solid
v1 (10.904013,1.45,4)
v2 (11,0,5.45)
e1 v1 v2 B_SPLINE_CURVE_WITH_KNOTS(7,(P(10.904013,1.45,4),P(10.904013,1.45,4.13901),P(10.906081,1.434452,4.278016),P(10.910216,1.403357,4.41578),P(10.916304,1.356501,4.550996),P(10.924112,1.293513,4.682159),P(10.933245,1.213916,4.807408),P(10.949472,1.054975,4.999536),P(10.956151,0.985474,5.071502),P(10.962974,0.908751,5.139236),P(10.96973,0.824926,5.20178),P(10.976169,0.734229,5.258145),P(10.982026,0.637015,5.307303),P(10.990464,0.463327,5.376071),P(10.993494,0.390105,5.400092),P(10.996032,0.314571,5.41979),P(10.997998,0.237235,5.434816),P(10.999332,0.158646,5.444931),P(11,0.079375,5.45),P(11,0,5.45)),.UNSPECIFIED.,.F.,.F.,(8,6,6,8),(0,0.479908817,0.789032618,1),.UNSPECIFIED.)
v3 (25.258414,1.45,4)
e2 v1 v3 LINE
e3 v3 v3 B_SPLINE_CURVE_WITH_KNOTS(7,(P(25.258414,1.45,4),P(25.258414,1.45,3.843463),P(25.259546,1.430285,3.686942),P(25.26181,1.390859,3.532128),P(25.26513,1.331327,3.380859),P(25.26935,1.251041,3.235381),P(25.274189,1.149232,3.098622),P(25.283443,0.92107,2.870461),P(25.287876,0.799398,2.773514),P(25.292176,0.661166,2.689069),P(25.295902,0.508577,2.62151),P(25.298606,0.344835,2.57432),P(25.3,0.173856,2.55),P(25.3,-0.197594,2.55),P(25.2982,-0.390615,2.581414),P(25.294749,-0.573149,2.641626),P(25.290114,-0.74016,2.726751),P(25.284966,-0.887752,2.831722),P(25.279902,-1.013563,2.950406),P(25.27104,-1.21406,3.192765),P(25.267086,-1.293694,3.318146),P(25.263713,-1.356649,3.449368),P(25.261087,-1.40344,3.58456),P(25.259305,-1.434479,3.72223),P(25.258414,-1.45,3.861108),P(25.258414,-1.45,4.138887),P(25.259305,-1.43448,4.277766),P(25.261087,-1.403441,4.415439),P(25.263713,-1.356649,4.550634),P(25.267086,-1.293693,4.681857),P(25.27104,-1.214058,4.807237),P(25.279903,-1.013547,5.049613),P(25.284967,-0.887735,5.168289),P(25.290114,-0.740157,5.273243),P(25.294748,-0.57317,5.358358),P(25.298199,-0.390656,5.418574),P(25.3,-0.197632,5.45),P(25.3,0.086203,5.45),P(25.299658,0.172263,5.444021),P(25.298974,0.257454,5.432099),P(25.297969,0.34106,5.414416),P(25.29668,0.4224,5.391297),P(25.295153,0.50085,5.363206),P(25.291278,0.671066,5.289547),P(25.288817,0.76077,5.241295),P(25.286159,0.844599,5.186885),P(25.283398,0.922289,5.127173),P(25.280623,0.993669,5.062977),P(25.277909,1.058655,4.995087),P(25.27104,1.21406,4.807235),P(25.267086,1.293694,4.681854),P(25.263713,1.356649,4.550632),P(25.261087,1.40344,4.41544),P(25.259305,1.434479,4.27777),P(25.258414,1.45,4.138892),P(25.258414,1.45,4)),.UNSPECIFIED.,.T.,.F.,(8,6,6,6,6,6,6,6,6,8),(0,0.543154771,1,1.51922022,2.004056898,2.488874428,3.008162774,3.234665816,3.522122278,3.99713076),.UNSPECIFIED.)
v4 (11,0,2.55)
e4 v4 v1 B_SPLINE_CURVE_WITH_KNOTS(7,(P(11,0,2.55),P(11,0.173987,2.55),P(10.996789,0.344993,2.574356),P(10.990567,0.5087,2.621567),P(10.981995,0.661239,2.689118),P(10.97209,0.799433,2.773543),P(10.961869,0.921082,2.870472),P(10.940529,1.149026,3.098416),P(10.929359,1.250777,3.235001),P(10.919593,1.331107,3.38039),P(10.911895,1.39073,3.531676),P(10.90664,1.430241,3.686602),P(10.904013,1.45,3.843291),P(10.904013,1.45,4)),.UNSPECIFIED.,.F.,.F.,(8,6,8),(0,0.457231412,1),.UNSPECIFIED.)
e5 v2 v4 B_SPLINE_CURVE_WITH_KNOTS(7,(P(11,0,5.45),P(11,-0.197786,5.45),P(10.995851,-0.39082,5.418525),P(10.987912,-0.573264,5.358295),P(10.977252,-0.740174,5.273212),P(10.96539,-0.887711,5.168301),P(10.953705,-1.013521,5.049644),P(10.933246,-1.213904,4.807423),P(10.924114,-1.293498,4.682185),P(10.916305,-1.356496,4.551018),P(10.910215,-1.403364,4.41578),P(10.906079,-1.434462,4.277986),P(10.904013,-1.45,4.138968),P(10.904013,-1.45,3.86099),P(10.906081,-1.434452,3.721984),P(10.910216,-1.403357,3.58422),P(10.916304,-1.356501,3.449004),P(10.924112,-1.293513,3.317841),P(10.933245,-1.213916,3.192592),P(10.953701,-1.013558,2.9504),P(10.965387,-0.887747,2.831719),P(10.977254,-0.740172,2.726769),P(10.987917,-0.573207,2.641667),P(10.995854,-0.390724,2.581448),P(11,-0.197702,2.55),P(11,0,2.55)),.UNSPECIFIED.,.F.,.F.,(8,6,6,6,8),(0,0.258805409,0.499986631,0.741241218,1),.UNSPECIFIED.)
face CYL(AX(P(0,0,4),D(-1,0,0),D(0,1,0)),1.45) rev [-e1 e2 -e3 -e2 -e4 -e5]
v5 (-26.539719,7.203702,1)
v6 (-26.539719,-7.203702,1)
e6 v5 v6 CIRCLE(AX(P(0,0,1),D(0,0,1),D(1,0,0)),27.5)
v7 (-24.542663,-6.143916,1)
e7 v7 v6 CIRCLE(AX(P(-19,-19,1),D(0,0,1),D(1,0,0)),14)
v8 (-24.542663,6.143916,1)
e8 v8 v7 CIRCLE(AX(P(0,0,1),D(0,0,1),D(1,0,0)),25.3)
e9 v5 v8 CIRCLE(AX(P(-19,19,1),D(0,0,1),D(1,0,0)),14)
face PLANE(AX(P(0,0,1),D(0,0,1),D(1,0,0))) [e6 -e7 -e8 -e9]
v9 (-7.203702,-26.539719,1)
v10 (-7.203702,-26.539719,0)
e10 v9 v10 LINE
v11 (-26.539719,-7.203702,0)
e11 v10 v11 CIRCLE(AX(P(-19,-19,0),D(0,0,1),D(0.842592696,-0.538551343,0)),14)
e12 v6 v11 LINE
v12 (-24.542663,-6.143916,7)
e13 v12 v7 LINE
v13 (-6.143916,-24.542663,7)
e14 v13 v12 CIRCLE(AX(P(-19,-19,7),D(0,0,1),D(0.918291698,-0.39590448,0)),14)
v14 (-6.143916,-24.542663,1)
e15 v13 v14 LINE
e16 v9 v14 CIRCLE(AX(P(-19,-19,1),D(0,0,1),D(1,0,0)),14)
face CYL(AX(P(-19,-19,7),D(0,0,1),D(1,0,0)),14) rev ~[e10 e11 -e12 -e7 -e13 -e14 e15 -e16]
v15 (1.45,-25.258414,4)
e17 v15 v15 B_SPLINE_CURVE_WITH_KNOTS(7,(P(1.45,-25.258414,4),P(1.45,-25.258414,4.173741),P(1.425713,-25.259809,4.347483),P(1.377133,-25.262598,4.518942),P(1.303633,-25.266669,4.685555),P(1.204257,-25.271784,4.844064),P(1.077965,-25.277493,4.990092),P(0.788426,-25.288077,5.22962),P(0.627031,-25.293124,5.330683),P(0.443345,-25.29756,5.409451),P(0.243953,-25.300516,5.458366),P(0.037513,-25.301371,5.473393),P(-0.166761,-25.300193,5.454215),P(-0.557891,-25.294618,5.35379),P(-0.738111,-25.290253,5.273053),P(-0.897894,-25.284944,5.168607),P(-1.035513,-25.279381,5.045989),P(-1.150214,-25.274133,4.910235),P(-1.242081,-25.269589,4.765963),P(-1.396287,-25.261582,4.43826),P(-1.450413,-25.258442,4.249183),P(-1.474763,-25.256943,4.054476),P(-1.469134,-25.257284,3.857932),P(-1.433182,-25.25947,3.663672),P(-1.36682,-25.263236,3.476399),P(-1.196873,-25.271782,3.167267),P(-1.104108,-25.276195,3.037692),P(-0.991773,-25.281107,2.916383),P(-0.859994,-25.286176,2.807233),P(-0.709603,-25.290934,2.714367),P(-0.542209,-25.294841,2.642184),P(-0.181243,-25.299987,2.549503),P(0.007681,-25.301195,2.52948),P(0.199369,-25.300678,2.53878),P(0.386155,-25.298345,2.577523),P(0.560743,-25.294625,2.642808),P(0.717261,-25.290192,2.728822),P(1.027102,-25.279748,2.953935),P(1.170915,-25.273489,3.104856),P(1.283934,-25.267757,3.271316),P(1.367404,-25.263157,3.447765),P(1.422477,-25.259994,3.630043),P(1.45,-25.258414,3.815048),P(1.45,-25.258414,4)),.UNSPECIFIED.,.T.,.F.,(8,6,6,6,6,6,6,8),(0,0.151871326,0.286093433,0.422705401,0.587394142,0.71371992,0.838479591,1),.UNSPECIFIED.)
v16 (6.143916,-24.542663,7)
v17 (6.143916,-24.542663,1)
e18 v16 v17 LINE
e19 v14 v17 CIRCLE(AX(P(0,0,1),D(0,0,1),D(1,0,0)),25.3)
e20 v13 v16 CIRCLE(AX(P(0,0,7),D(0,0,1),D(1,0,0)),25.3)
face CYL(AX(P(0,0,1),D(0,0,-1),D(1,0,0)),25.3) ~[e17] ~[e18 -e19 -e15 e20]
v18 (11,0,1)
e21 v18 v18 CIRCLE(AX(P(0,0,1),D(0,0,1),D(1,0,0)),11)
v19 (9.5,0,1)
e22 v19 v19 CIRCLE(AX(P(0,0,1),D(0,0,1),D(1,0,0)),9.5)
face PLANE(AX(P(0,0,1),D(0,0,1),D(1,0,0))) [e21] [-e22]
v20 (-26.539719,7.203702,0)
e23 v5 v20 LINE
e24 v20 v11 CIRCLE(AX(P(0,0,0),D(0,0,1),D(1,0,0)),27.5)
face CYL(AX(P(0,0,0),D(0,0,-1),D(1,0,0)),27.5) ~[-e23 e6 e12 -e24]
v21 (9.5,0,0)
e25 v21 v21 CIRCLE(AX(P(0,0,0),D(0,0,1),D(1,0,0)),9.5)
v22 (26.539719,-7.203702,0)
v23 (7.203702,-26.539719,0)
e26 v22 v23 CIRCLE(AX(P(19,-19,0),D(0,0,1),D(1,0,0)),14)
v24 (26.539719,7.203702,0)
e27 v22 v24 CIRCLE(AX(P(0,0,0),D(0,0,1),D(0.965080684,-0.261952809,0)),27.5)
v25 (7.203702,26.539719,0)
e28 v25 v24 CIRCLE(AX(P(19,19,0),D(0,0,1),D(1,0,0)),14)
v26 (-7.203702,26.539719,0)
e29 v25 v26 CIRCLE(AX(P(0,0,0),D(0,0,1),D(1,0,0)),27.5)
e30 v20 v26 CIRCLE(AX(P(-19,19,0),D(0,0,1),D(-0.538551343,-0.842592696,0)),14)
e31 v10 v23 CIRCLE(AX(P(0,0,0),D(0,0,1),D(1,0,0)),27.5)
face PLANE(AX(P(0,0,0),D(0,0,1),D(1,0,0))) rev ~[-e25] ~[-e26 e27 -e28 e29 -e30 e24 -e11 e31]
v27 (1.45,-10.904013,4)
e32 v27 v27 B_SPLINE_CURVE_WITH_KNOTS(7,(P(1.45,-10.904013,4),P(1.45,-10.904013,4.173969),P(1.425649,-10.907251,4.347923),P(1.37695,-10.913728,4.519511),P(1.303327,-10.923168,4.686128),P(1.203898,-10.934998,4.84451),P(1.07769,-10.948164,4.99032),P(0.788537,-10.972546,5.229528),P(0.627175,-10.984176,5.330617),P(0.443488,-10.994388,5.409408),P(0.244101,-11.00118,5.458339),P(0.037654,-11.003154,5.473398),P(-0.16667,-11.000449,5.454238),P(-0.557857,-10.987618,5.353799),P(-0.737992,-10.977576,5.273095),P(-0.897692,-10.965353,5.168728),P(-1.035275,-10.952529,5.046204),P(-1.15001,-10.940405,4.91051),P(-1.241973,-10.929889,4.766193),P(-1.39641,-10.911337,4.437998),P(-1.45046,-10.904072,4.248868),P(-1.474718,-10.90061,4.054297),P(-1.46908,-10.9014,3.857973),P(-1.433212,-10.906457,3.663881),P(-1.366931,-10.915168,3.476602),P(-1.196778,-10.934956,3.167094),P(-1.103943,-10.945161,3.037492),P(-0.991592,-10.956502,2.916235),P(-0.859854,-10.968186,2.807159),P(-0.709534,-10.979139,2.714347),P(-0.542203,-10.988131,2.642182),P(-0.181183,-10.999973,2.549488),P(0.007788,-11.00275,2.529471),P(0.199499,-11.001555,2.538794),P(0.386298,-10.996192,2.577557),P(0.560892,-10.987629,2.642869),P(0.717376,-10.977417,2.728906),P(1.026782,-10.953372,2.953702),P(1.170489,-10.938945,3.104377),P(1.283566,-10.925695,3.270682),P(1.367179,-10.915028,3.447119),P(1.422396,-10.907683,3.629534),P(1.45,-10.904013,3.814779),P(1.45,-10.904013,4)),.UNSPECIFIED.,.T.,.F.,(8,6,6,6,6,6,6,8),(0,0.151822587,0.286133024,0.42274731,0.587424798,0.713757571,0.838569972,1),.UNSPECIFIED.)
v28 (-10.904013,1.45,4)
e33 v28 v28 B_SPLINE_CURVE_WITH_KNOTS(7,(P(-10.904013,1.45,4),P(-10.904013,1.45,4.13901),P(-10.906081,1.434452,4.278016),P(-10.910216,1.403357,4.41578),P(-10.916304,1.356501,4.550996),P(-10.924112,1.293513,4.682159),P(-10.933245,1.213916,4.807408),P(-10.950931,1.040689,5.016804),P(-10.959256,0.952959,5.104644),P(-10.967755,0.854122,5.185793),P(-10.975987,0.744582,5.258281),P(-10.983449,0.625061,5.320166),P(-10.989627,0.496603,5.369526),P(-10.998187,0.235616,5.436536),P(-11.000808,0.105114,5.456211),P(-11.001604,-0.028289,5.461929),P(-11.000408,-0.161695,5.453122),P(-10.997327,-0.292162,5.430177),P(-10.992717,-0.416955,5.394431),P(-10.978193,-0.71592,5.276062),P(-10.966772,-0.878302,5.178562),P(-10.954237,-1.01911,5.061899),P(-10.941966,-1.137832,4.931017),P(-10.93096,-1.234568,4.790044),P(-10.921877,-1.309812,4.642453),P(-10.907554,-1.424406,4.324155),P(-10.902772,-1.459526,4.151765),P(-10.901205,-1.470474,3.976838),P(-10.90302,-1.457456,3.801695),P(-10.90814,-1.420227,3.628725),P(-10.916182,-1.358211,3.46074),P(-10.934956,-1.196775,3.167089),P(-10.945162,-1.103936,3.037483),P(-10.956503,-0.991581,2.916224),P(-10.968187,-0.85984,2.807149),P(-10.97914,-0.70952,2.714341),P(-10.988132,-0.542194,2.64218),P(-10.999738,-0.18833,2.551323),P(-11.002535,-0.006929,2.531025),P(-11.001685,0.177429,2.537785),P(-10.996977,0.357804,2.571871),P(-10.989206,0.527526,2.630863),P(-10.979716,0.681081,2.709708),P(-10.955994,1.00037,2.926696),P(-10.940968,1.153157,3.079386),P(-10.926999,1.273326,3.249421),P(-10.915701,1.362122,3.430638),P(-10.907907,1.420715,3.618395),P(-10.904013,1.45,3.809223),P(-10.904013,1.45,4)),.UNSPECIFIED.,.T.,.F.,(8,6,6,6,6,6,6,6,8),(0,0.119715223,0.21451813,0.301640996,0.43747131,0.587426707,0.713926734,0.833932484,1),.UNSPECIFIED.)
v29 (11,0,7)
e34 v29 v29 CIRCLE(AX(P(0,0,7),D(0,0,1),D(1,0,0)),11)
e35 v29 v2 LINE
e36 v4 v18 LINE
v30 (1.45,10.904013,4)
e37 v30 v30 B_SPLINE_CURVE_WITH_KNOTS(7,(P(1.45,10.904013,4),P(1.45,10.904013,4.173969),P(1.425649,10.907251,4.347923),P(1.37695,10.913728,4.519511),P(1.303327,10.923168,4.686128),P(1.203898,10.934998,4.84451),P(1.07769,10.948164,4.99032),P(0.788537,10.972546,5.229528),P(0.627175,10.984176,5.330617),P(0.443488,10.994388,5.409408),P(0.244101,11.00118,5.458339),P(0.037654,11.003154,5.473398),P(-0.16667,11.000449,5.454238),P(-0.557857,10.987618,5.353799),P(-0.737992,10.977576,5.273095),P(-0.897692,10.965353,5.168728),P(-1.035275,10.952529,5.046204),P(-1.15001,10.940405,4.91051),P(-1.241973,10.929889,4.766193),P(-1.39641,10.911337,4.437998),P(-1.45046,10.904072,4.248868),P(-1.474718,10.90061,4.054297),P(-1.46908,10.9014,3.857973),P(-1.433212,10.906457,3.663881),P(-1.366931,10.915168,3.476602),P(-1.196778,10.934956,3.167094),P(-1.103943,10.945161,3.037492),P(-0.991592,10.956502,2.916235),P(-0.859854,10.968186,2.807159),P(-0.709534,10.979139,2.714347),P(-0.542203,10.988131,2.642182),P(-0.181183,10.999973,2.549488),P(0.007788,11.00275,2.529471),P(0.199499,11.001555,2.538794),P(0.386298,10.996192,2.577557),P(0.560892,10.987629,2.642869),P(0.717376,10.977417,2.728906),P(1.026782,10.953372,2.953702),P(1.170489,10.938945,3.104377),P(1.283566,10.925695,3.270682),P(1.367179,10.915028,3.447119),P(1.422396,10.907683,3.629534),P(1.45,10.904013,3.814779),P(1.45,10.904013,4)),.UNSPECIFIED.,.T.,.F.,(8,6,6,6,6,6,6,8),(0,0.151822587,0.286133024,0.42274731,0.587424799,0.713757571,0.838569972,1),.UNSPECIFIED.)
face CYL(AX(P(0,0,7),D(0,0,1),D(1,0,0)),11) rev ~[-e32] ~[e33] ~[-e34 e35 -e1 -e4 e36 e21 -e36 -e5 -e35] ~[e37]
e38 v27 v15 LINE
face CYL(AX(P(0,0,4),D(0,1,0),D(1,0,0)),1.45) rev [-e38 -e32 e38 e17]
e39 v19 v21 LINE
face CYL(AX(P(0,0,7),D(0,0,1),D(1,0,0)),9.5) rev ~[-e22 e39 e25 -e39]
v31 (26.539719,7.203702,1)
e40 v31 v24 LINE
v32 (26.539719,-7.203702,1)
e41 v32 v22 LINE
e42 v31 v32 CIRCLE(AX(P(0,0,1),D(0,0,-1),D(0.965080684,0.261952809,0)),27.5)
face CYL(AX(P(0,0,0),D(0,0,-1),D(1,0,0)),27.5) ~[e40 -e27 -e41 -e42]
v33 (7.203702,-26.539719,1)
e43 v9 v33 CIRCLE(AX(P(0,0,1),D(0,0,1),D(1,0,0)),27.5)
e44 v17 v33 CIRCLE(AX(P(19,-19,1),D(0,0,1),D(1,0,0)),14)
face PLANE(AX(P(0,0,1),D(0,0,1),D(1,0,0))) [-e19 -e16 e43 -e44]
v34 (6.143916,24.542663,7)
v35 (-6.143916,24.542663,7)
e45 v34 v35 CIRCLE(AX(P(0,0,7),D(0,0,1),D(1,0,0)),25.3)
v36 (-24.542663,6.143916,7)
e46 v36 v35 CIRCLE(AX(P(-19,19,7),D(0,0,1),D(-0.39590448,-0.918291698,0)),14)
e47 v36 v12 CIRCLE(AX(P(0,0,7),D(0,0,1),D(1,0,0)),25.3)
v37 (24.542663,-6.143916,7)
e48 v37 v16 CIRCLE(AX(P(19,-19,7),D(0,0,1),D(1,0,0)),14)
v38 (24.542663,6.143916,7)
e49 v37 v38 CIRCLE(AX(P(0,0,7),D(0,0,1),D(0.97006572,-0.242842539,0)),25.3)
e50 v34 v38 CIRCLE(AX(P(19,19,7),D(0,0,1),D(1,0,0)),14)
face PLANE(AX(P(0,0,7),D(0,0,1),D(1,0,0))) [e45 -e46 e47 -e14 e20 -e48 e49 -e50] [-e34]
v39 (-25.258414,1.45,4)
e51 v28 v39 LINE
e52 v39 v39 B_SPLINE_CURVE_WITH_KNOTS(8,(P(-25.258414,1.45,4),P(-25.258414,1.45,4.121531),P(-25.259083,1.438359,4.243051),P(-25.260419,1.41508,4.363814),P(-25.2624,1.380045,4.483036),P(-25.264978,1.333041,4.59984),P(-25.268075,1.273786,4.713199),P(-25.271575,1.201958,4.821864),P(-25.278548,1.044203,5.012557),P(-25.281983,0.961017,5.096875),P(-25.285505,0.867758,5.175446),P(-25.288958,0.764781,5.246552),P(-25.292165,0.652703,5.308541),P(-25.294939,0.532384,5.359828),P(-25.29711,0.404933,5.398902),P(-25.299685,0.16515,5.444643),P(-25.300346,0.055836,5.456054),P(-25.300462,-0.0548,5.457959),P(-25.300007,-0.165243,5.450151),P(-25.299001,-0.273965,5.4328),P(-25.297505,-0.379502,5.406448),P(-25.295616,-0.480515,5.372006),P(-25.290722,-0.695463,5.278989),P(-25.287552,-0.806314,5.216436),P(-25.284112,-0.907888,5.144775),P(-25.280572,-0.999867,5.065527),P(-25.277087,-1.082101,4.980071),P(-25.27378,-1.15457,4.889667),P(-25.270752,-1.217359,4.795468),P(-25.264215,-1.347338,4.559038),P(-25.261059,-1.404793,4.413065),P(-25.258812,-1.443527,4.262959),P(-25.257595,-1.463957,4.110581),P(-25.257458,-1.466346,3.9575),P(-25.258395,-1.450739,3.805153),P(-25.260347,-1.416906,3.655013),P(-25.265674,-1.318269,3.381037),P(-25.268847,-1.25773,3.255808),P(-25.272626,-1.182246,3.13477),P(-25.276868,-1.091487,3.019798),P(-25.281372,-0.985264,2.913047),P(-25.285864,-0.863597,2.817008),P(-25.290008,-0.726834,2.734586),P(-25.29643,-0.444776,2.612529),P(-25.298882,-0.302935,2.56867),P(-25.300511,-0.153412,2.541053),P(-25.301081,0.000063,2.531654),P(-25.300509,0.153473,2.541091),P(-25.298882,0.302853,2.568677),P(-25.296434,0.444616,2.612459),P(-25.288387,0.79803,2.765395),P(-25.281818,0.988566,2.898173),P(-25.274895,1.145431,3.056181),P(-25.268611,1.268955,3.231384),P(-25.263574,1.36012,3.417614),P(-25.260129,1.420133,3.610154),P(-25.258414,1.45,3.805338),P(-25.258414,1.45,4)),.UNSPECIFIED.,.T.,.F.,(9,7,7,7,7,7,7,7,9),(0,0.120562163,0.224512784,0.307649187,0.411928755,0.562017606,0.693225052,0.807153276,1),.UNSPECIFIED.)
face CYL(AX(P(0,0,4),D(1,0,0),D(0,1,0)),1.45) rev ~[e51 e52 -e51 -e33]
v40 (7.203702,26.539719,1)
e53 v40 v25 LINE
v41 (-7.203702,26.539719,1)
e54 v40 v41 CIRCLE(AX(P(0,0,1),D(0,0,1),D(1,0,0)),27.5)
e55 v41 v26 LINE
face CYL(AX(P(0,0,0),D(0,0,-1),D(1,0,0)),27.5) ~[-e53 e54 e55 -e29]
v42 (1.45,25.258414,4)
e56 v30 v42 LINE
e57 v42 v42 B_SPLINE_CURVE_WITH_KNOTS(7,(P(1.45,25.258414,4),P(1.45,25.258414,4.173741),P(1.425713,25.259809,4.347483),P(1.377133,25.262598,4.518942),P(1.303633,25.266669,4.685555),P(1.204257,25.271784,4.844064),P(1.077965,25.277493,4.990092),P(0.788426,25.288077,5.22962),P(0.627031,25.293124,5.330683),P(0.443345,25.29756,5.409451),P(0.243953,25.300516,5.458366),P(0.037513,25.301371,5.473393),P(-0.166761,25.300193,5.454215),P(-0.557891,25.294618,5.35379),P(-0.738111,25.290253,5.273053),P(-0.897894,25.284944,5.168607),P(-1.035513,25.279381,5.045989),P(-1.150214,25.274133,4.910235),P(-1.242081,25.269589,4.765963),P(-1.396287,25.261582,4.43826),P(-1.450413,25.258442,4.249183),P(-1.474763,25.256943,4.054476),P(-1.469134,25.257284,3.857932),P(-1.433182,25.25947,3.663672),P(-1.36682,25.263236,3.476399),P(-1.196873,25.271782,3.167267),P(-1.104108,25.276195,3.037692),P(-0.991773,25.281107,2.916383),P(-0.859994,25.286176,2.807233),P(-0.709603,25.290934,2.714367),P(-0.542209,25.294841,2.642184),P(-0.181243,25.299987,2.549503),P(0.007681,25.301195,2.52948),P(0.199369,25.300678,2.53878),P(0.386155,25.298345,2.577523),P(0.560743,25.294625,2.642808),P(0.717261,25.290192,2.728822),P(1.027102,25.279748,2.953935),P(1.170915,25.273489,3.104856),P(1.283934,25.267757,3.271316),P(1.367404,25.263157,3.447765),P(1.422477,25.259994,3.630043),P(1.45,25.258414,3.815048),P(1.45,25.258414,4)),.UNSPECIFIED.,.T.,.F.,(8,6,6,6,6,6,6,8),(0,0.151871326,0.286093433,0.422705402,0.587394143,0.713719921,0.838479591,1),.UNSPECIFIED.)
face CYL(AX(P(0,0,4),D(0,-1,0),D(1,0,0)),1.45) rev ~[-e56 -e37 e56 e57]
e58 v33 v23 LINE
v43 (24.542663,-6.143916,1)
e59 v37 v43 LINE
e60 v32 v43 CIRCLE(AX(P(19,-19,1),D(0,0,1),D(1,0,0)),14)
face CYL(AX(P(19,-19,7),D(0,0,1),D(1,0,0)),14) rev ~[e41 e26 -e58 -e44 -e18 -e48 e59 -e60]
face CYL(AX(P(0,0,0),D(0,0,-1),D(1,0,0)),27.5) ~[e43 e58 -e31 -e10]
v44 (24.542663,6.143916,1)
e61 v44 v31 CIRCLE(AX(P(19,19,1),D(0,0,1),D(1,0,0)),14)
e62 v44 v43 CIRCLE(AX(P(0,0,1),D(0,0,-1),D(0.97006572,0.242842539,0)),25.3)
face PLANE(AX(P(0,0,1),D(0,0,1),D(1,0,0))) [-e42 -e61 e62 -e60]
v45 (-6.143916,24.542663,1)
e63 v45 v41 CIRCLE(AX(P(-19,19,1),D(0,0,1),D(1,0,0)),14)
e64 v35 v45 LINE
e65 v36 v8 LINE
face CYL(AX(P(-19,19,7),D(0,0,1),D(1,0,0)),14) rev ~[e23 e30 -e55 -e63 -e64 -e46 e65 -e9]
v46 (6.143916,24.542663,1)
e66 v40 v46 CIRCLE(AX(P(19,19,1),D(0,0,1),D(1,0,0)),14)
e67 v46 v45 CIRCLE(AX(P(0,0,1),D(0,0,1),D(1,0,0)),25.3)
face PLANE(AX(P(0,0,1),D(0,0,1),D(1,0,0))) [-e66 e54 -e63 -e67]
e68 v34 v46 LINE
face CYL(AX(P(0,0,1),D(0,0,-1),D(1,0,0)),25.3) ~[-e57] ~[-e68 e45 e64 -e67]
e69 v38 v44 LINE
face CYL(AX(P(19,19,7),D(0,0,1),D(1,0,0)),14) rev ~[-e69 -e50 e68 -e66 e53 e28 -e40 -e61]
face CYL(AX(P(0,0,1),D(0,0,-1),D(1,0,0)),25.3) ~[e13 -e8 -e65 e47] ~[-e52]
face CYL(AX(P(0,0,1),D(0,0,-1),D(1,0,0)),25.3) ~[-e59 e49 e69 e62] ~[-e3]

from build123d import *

# Parameters (mm, degrees)
SKETCH_R             = 27.5
PAD_DEPTH            = 1
SKETCH001_R          = 25.3
PAD001_DEPTH         = 6
SKETCH002_R          = 11
POCKET_DEPTH         = 6
SKETCH003_R          = 9.5
SKETCH003_R_2        = 14
POCKET001_DEPTH      = 7.001
POCKET001_DEPTH_BACK = -0.001
SKETCH004_R          = 1.45
POCKET002_DEPTH      = 27.501
POCKET002_DEPTH_BACK = -27.501
SKETCH005_R          = 1.45
POCKET003_DEPTH      = 27.501
POCKET003_DEPTH_BACK = -27.501


with BuildPart() as part:
    # Sketch → Pad (new body)
    with BuildSketch(Plane.XY):
        Circle(SKETCH_R)
    extrude(amount=PAD_DEPTH)

    # Sketch001 (on Face3 of Pad) → Pad001 (join)
    with BuildSketch(Plane.XY.offset(1)):
        Circle(SKETCH001_R)
    extrude(amount=PAD001_DEPTH)

    # Sketch002 (on Face5 of Pad001) → Pocket (cut)
    with BuildSketch(Plane.XY.offset(7)):
        Circle(SKETCH002_R)
    extrude(amount=-POCKET_DEPTH, mode=Mode.SUBTRACT)

    # Sketch003 (on Face5 of Pocket) → Pocket001 (cut, two sides)
    with BuildSketch(Plane.XY.offset(7)) as pocket001_sk:
        Circle(SKETCH003_R)
        with Locations((-19, 19)):
            Circle(SKETCH003_R_2)
        with Locations((19, 19)):
            Circle(SKETCH003_R_2)
        with Locations((-19, -19)):
            Circle(SKETCH003_R_2)
        with Locations((19, -19)):
            Circle(SKETCH003_R_2)
    extrude(amount=-POCKET001_DEPTH, mode=Mode.SUBTRACT)
    extrude(pocket001_sk.sketch, amount=-POCKET001_DEPTH_BACK, mode=Mode.SUBTRACT)

    # Sketch004 → Pocket002 (cut, two sides)
    with BuildSketch(Plane.XZ) as pocket002_sk:
        with Locations((0, 4)):
            Circle(SKETCH004_R)
    extrude(amount=-POCKET002_DEPTH, mode=Mode.SUBTRACT)
    extrude(pocket002_sk.sketch, amount=-POCKET002_DEPTH_BACK, mode=Mode.SUBTRACT)

    # Sketch005 → Pocket003 (cut, two sides)
    with BuildSketch(Plane.YZ) as pocket003_sk:
        with Locations((0, 4)):
            Circle(SKETCH005_R)
    extrude(amount=-POCKET003_DEPTH, mode=Mode.SUBTRACT)
    extrude(pocket003_sk.sketch, amount=-POCKET003_DEPTH_BACK, mode=Mode.SUBTRACT)


solid = part.part
